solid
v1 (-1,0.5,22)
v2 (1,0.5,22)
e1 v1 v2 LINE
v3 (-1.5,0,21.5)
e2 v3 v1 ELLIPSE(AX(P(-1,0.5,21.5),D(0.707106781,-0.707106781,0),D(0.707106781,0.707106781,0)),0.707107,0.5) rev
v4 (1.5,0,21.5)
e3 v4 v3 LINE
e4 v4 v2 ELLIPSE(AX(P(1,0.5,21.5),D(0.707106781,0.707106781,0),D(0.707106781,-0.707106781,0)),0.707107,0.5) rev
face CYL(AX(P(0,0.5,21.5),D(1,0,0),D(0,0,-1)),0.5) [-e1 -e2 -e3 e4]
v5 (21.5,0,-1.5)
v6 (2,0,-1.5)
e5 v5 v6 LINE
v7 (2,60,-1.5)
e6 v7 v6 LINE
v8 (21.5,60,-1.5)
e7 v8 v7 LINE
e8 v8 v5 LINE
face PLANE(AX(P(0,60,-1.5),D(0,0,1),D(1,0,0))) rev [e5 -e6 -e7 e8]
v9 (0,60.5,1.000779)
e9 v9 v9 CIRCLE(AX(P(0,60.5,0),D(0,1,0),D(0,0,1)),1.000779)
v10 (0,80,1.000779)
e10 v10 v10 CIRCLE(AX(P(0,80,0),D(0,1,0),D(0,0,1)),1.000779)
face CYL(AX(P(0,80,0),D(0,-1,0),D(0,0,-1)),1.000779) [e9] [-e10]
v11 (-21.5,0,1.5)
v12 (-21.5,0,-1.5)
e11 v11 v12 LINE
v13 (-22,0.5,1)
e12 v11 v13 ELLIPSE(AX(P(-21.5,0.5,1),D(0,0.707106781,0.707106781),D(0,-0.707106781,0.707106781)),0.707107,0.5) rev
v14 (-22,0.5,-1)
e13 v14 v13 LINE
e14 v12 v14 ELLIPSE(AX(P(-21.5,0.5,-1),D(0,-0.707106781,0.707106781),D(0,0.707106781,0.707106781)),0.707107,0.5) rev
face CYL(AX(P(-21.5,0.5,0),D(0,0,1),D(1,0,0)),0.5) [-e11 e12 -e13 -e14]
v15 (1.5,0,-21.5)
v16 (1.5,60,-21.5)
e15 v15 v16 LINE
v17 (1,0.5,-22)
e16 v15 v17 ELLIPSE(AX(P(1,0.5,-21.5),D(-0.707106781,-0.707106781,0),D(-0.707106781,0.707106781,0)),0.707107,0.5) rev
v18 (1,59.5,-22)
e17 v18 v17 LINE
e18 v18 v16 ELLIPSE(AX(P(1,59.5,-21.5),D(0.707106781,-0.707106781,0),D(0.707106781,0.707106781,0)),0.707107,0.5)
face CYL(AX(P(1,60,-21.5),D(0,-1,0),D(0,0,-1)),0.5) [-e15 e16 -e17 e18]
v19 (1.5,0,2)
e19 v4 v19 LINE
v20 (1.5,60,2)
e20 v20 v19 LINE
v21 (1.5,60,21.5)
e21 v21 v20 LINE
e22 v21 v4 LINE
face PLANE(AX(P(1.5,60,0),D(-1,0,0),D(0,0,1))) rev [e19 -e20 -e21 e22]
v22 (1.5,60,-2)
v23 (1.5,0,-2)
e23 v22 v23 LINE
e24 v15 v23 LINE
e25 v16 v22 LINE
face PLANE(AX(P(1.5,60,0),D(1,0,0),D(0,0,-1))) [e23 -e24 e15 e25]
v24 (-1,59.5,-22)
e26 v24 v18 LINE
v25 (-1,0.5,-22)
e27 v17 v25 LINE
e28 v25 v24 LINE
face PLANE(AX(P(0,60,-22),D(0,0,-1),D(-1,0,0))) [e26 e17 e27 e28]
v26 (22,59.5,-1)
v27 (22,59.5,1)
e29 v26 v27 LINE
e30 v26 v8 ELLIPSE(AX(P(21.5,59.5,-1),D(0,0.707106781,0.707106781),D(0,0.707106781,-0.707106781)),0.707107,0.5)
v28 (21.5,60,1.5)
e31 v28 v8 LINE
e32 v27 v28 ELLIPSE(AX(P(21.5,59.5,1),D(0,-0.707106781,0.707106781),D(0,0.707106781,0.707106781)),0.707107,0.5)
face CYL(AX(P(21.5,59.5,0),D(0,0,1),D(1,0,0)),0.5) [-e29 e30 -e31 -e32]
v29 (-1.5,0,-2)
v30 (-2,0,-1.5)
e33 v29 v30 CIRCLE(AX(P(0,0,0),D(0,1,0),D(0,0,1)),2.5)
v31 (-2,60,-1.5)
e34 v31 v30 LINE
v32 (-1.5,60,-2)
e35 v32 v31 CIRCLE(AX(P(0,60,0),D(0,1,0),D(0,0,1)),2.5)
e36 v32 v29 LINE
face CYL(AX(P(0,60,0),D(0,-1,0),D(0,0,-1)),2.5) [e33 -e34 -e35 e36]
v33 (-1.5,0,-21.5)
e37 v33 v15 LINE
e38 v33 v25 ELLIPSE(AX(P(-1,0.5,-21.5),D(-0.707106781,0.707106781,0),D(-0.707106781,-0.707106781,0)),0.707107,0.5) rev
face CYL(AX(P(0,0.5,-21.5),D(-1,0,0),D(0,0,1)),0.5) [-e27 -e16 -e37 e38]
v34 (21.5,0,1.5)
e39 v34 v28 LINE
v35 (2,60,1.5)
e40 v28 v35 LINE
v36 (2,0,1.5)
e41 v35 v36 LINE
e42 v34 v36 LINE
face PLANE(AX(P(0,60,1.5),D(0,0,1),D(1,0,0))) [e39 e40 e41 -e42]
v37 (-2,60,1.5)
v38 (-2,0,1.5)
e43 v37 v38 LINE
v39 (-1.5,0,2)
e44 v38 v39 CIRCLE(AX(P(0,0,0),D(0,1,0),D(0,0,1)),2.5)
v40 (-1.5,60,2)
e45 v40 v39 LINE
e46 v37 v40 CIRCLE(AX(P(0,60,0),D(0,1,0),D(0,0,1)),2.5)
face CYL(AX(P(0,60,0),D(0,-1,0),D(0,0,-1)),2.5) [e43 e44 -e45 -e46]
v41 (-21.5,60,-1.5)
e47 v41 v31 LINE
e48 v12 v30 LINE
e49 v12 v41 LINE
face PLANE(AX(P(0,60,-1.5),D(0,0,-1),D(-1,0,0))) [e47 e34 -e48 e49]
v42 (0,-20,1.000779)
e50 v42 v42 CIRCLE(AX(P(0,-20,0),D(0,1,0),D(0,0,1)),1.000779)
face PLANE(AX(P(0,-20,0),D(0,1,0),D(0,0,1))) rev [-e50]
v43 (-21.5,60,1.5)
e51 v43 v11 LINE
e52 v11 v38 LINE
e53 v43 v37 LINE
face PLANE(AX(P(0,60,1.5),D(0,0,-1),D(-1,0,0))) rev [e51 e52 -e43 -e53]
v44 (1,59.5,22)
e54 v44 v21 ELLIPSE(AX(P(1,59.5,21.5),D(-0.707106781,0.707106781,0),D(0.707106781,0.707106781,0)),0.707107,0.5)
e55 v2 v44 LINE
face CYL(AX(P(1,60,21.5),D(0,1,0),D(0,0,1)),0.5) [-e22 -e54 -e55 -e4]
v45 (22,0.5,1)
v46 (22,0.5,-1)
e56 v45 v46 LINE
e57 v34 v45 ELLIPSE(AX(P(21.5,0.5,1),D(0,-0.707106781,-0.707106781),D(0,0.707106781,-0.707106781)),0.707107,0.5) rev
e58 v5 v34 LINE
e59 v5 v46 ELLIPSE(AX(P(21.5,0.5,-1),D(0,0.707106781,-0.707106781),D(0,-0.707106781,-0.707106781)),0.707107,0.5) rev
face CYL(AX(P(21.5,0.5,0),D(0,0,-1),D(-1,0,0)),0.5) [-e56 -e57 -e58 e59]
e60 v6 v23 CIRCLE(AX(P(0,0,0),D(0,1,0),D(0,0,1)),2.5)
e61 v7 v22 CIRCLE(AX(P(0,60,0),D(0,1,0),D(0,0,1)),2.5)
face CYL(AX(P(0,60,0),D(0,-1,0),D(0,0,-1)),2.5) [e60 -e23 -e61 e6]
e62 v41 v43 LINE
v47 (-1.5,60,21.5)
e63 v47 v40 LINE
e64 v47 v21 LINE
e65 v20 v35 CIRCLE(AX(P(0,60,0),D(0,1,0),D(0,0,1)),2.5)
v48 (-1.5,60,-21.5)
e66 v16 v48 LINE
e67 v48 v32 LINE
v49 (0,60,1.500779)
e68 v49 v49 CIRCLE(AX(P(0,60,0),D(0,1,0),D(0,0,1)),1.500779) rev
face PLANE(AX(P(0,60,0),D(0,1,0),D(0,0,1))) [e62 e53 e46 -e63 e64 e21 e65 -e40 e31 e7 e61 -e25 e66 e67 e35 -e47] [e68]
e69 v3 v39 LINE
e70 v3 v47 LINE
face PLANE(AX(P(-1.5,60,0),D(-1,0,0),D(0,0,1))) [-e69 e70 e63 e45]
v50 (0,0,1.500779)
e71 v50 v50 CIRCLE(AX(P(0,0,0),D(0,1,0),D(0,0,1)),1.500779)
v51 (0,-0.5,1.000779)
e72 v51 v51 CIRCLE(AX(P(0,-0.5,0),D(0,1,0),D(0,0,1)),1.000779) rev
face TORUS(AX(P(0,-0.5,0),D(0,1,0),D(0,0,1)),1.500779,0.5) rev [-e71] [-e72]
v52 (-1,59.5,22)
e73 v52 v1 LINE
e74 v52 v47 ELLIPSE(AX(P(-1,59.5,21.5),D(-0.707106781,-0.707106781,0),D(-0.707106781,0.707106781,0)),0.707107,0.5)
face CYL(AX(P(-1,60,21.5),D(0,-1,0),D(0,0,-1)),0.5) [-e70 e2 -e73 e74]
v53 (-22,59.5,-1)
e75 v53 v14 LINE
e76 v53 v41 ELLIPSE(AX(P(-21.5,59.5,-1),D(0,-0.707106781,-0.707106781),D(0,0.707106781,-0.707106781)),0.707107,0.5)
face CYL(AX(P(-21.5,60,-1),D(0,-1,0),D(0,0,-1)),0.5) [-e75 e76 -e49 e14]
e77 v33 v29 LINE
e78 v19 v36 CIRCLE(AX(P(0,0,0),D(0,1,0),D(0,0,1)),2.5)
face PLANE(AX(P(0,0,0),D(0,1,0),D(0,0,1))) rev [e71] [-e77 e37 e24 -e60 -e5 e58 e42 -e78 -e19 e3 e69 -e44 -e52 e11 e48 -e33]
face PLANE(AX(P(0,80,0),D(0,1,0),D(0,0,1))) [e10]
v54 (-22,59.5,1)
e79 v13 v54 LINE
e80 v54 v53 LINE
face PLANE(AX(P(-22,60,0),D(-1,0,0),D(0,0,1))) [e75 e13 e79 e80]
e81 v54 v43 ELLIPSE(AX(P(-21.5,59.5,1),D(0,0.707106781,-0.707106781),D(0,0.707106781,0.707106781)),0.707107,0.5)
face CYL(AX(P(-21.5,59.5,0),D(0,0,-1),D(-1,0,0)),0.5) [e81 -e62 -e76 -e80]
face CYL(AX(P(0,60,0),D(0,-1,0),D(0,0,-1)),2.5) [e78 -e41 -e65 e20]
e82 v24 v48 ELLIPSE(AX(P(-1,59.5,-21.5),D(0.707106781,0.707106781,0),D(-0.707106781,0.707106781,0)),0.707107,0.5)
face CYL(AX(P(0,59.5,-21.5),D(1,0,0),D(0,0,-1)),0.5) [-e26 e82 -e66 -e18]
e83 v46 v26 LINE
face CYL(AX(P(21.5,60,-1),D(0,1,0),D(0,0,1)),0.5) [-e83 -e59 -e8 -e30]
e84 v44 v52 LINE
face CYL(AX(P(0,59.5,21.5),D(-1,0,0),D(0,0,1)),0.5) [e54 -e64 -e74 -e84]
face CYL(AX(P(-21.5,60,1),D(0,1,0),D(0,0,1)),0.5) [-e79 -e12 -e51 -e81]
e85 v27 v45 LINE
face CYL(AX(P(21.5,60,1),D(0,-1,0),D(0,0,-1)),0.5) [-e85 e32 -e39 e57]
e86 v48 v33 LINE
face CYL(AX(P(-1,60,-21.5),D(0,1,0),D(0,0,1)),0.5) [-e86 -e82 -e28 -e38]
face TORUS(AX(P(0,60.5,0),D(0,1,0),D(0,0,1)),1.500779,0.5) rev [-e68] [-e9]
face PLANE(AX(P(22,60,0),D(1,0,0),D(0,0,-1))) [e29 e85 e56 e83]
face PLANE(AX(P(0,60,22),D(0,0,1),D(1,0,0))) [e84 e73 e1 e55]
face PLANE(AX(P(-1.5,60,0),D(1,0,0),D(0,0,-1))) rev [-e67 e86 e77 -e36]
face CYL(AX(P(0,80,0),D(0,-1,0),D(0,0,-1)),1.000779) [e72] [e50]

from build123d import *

# Parameters (mm, degrees)
BOSS_EXTRUDE1_DEPTH = 60
FILLET1_R           = 0.5
SKETCH3_R           = 1.000778627
CUT_EXTRUDE1_DEPTH  = 60
SKETCH4_R           = 1.000778627
BOSS_EXTRUDE2_DEPTH = 50
FILLET2_R           = 0.5


with BuildPart() as part:
    # Sketch2 → Boss-Extrude1 (new body)
    with BuildSketch(Plane(origin=(0, 0, 0), x_dir=(1, 0, 0), z_dir=(0, 1, 0))):
        with BuildLine():
            Line((22, -1.5), (22, 1.5))
            Line((22, 1.5), (2, 1.5))
            ThreePointArc((2, 1.5), (1.767766953, 1.767766953), (1.5, 2))
            Line((1.5, 2), (1.5, 22))
            Line((1.5, 22), (-1.5, 22))
            Line((-1.5, 22), (-1.5, 2))
            ThreePointArc((-1.5, 2), (-1.767766953, 1.767766953), (-2, 1.5))
            Line((-2, 1.5), (-22, 1.5))
            Line((-22, 1.5), (-22, -1.5))
            Line((-22, -1.5), (-2, -1.5))
            ThreePointArc((-2, -1.5), (-1.767766953, -1.767766953), (-1.5, -2))
            Line((-1.5, -2), (-1.5, -22))
            Line((-1.5, -22), (1.5, -22))
            Line((1.5, -22), (1.5, -2))
            ThreePointArc((1.5, -2), (1.767766953, -1.767766953), (2, -1.5))
            Line((2, -1.5), (22, -1.5))
        make_face()
    extrude(amount=BOSS_EXTRUDE1_DEPTH)

    # Fillet1
    fillet1_edges = [part.edges().sort_by_distance(p)[0] for p in [
        (22, 0, 0),
        (0, 0, 22),
        (0, 60, -22),
        (-22, 0, 0),
        (0, 0, -22),
        (22, 30, -1.5),
        (22, 30, 1.5),
        (1.5, 30, 22),
        (-1.5, 30, 22),
        (-22, 30, 1.5),
        (-22, 30, -1.5),
        (-1.5, 30, -22),
        (1.5, 30, -22),
        (-22, 60, 0),
        (0, 60, 22),
        (22, 60, 0),
    ]]
    fillet(fillet1_edges, radius=FILLET1_R)

    # Sketch3 → Cut-Extrude1 (cut)
    with BuildSketch(Plane(origin=(0, 0, 0), x_dir=(1, 0, 0), z_dir=(0, 1, 0))):
        with Locations(Location((0, 0, 0), (0, 0, 270))):
            Circle(SKETCH3_R)
    extrude(amount=CUT_EXTRUDE1_DEPTH, mode=Mode.SUBTRACT)

    # Sketch4 → Boss-Extrude2 (add, symmetric)
    with BuildSketch(Plane(origin=(0, 30, 0), x_dir=(1, 0, 0), z_dir=(0, 1, 0))):
        with Locations(Location((0, 0, 0), (0, 0, 270))):
            Circle(SKETCH4_R)
    extrude(amount=BOSS_EXTRUDE2_DEPTH, both=True)

    # Fillet2
    fillet2_edges = [part.edges().sort_by_distance(p)[0] for p in [
        (0, 60, -1.000778627),
        (0, 0, -1.000778627),
    ]]
    fillet(fillet2_edges, radius=FILLET2_R)


solid = part.part
